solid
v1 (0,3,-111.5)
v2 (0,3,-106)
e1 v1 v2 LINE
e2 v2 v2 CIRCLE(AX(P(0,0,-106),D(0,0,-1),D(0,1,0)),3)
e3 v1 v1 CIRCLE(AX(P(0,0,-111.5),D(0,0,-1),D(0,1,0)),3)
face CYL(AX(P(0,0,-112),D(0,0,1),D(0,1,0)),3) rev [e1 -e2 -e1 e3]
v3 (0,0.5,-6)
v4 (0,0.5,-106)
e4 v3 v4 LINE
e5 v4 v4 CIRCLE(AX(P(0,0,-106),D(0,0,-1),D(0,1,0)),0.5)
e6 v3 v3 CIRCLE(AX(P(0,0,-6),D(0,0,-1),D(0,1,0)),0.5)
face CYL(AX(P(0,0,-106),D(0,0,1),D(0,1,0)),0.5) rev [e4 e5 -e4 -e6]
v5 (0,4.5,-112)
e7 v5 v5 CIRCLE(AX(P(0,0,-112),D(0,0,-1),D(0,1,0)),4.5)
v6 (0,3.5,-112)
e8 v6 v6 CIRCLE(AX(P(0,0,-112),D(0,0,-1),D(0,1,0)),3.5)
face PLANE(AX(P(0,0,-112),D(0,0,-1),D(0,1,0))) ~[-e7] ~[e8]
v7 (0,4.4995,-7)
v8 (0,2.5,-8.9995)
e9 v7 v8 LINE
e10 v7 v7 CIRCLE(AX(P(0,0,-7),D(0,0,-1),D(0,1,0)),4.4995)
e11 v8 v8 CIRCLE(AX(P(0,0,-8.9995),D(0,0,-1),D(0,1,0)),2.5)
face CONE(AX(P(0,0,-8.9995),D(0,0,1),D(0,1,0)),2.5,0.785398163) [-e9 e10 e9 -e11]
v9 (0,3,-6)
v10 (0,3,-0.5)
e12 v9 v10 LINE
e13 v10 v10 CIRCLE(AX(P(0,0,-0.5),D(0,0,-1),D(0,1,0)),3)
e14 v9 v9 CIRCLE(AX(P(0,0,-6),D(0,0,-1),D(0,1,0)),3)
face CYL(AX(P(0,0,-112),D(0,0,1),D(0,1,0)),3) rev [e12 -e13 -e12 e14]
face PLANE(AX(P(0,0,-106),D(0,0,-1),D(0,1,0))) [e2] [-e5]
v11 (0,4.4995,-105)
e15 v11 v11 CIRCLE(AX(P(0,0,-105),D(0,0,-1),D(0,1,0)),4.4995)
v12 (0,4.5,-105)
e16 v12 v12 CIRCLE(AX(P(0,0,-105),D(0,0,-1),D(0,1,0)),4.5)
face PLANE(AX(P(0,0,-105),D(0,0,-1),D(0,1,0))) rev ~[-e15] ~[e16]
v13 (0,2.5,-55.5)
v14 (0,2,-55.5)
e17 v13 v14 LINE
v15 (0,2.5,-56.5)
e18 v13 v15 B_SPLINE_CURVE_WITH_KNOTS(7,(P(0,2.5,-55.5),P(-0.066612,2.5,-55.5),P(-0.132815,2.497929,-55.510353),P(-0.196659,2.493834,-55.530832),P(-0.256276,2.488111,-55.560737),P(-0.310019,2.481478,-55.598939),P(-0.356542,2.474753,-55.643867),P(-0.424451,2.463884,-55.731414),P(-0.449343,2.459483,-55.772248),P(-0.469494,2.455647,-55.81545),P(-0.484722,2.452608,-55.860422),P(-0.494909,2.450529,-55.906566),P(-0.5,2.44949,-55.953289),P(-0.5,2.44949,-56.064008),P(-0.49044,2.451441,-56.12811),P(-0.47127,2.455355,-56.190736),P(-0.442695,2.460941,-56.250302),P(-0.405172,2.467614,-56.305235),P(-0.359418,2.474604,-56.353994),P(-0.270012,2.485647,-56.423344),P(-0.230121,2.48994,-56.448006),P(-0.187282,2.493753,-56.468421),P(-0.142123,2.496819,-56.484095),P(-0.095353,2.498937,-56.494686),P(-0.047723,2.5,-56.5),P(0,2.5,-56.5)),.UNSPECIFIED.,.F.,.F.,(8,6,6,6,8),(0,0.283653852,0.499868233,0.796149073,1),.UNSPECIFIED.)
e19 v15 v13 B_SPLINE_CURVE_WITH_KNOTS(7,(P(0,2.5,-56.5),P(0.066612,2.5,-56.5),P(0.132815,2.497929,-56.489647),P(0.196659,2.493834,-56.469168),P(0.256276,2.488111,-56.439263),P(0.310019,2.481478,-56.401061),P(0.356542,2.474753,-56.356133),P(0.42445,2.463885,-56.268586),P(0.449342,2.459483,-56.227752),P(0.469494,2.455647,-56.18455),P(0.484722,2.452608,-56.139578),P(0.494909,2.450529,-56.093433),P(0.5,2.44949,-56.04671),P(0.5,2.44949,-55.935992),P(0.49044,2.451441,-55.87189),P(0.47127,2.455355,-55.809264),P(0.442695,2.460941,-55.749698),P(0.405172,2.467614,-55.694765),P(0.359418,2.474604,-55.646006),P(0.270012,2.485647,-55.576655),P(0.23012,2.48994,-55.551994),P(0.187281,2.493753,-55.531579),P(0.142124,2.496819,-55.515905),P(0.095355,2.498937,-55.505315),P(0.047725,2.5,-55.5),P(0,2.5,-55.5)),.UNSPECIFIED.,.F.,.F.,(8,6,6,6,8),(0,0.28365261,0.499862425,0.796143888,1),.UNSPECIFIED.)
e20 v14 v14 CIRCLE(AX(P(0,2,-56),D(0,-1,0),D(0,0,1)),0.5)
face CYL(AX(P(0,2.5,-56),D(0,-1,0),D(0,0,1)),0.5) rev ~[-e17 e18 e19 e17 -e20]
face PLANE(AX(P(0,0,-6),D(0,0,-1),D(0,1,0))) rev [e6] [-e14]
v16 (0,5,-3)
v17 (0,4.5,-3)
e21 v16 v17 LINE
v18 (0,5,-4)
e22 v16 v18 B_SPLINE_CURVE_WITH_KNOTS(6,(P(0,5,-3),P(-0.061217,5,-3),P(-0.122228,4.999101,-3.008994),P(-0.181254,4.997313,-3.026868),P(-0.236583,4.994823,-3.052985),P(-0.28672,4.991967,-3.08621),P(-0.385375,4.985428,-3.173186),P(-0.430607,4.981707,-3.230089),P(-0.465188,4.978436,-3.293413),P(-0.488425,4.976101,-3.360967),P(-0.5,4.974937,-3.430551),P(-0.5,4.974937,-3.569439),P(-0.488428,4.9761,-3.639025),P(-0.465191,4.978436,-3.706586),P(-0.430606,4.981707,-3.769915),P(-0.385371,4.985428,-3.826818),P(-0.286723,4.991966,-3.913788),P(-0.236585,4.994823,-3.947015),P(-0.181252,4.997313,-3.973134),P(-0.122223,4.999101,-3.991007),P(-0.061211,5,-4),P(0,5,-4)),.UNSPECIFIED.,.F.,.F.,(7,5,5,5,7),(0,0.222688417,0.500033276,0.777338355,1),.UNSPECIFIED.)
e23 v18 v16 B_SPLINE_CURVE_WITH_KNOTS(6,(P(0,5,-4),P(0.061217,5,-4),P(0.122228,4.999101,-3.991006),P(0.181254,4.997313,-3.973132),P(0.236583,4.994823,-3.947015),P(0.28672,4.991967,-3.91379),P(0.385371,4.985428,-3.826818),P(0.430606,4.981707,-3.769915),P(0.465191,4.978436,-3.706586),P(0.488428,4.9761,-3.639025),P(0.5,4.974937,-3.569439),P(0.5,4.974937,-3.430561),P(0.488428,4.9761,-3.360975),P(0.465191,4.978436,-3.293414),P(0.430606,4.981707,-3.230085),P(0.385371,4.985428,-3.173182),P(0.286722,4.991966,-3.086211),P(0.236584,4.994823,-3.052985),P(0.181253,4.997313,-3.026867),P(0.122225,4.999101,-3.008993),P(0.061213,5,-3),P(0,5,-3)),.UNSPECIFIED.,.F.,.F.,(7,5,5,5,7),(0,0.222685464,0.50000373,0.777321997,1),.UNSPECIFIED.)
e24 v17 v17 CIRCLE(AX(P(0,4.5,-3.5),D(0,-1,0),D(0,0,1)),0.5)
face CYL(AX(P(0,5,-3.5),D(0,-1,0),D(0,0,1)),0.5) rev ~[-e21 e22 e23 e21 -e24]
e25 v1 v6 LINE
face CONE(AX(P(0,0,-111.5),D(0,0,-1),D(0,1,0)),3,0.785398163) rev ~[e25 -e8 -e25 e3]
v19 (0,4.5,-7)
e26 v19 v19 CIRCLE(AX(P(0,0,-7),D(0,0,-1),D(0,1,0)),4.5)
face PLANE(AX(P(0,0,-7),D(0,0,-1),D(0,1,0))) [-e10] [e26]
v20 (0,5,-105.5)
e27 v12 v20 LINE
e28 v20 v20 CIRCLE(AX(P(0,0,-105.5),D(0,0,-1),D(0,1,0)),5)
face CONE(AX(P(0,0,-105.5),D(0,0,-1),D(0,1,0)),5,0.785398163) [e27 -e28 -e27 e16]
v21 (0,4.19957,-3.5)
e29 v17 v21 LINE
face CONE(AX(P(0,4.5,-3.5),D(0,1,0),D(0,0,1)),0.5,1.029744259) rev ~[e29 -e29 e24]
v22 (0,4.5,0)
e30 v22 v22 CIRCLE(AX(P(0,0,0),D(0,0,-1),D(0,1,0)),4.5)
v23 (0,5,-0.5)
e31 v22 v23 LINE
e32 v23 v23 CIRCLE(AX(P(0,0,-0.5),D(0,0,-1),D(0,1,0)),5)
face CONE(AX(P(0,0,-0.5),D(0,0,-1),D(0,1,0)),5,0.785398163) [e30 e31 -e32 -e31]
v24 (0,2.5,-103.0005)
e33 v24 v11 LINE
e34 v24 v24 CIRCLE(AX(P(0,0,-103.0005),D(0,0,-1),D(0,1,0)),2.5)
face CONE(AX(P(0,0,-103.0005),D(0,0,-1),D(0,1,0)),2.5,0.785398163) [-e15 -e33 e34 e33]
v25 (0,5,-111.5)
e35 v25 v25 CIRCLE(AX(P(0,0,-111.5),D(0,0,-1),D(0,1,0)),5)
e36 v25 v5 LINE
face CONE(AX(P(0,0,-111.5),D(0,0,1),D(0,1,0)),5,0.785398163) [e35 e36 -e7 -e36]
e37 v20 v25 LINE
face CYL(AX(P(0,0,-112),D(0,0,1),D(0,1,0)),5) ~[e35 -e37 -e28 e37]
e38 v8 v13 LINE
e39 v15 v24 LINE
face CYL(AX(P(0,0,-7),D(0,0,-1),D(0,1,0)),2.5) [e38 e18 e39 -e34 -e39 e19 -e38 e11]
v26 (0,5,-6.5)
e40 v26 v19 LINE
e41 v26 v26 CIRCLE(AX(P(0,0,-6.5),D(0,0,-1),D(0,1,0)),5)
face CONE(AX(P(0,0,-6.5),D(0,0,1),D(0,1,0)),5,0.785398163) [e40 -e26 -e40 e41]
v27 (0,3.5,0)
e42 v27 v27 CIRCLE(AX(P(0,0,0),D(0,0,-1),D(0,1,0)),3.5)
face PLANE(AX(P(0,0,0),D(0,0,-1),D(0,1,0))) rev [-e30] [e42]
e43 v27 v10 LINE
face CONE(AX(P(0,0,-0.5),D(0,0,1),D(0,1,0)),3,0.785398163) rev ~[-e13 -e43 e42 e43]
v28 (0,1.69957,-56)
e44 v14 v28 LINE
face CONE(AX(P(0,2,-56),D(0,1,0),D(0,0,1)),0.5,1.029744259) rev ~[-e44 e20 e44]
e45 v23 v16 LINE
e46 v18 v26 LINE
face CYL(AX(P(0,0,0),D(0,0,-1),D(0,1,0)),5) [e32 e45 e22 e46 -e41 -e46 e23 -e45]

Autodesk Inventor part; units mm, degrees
ref_plane "YZ Plane" through (0, 0, 0) normal (1, 0, 0) x (0, 1, 0)
sketch "Sketch1" plane through (0, 0, 0) normal (1, 0, 0) x (0, 1, 0)
  line L0 (0, 0) -> (0, -112)
  line L1 (0, -112) -> (3, -112)
  line L2 (3, -112) -> (3, 0)
  line L3 (3, 0) -> (0, 0)
  line L4 (3, 0) -> (3, -6)
  line L5 (3, -112) -> (3, -106)
  line L6 (3, -112) -> (5, -112)
  line L7 (5, -112) -> (5, -106)
  line L8 (5, -106) -> (3, -106)
  line L9 (3, 0) -> (5, 0)
  line L10 (5, 0) -> (5, -6)
  line L11 (5, -6) -> (3, -6)
  line L12 (3, -106) -> (0.5, -106)
  line L13 (0.5, -106) -> (0.5, -6)
  line L14 (0.5, -6) -> (3, -6)
  line L15 (5, -6) -> (5, -7)
  line L16 (5, -7) -> (0.5, -7)
  line L17 (5, -106) -> (5, -105)
  line L18 (5, -105) -> (0.5, -105)
  line L19 (3, -7) -> (3.1, -7)
  line L20 (2.5, -7) -> (2.5, -105)
  point P0 (3, -105)
  point P1 (2, -6)
  point P2 (3.1, -105)
  dimension "d0" = 112
  dimension "d1" = 3
  dimension "d2" = 6
  dimension "d3" = 6
  dimension "d5" = 2
  dimension "d6" = 2
  dimension "d7" = 2.5
  dimension "d8" = 1
  dimension "d9" = 1
  dimension "d22" = 2
revolve "Revolution1" add sketch "Sketch1" angle 360 about axis through (0, 0, 0) along (0, 0, -1) contours L9 L10 L11 L2 | L2 L8 L7 L6 | L11 L15 L16 L2 | L2 L16 L13 L14 | L12 L13 L18 L2 | L2 L18 L17 L8 | L20 L18 L13 L16
thread "Thread1" size "M6x1" class "6H" standard "ANSI Metric M Profile" full length
thread "Thread2" size "M6x1" class "6H" standard "ANSI Metric M Profile" full length
chamfer "Chamfer1" distance 0.5 angle 45 2 edges at (0, -3, 0) (0, -3, -112)
chamfer "Chamfer2" distance 0.5 angle 45 4 edges at (0, -5, -112) (0, -5, -105) (0, -5, -7) (0, -5, 0)
chamfer "Chamfer3" distance 2 angle 45 2 edges at (0, -2.5, -7) (0, -2.5, -105)
ref_plane "Work Plane1" through (0, 5, -3.5) normal (0, 1, 0) x (-1, 0, 0)
ref_plane "Work Plane2" through (0, 2.5, -56) normal (0, 1, 0) x (-1, 0, 0)
sketch "Sketch2" plane through (0, 5, -3.5) normal (0, 1, 0) x (-1, 0, 0)
  point P0 (0, 3.5)
  point P1 (0, 0)
  point P2 (0, 0)
sketch "Sketch3" plane through (0, 2.5, -56) normal (0, 1, 0) x (-1, 0, 0)
  point P0 (0, 56)
  point P1 (0, 0)
hole "Hole1" at (0, 5, -3.5) direction (0, -1, 0) diameter 1 depth 0.5 tip angle 118
hole "Hole2" at (0, 2.5, -56) direction (0, -1, 0) diameter 1 depth 0.5 tip angle 118
properties part number "Heater"
